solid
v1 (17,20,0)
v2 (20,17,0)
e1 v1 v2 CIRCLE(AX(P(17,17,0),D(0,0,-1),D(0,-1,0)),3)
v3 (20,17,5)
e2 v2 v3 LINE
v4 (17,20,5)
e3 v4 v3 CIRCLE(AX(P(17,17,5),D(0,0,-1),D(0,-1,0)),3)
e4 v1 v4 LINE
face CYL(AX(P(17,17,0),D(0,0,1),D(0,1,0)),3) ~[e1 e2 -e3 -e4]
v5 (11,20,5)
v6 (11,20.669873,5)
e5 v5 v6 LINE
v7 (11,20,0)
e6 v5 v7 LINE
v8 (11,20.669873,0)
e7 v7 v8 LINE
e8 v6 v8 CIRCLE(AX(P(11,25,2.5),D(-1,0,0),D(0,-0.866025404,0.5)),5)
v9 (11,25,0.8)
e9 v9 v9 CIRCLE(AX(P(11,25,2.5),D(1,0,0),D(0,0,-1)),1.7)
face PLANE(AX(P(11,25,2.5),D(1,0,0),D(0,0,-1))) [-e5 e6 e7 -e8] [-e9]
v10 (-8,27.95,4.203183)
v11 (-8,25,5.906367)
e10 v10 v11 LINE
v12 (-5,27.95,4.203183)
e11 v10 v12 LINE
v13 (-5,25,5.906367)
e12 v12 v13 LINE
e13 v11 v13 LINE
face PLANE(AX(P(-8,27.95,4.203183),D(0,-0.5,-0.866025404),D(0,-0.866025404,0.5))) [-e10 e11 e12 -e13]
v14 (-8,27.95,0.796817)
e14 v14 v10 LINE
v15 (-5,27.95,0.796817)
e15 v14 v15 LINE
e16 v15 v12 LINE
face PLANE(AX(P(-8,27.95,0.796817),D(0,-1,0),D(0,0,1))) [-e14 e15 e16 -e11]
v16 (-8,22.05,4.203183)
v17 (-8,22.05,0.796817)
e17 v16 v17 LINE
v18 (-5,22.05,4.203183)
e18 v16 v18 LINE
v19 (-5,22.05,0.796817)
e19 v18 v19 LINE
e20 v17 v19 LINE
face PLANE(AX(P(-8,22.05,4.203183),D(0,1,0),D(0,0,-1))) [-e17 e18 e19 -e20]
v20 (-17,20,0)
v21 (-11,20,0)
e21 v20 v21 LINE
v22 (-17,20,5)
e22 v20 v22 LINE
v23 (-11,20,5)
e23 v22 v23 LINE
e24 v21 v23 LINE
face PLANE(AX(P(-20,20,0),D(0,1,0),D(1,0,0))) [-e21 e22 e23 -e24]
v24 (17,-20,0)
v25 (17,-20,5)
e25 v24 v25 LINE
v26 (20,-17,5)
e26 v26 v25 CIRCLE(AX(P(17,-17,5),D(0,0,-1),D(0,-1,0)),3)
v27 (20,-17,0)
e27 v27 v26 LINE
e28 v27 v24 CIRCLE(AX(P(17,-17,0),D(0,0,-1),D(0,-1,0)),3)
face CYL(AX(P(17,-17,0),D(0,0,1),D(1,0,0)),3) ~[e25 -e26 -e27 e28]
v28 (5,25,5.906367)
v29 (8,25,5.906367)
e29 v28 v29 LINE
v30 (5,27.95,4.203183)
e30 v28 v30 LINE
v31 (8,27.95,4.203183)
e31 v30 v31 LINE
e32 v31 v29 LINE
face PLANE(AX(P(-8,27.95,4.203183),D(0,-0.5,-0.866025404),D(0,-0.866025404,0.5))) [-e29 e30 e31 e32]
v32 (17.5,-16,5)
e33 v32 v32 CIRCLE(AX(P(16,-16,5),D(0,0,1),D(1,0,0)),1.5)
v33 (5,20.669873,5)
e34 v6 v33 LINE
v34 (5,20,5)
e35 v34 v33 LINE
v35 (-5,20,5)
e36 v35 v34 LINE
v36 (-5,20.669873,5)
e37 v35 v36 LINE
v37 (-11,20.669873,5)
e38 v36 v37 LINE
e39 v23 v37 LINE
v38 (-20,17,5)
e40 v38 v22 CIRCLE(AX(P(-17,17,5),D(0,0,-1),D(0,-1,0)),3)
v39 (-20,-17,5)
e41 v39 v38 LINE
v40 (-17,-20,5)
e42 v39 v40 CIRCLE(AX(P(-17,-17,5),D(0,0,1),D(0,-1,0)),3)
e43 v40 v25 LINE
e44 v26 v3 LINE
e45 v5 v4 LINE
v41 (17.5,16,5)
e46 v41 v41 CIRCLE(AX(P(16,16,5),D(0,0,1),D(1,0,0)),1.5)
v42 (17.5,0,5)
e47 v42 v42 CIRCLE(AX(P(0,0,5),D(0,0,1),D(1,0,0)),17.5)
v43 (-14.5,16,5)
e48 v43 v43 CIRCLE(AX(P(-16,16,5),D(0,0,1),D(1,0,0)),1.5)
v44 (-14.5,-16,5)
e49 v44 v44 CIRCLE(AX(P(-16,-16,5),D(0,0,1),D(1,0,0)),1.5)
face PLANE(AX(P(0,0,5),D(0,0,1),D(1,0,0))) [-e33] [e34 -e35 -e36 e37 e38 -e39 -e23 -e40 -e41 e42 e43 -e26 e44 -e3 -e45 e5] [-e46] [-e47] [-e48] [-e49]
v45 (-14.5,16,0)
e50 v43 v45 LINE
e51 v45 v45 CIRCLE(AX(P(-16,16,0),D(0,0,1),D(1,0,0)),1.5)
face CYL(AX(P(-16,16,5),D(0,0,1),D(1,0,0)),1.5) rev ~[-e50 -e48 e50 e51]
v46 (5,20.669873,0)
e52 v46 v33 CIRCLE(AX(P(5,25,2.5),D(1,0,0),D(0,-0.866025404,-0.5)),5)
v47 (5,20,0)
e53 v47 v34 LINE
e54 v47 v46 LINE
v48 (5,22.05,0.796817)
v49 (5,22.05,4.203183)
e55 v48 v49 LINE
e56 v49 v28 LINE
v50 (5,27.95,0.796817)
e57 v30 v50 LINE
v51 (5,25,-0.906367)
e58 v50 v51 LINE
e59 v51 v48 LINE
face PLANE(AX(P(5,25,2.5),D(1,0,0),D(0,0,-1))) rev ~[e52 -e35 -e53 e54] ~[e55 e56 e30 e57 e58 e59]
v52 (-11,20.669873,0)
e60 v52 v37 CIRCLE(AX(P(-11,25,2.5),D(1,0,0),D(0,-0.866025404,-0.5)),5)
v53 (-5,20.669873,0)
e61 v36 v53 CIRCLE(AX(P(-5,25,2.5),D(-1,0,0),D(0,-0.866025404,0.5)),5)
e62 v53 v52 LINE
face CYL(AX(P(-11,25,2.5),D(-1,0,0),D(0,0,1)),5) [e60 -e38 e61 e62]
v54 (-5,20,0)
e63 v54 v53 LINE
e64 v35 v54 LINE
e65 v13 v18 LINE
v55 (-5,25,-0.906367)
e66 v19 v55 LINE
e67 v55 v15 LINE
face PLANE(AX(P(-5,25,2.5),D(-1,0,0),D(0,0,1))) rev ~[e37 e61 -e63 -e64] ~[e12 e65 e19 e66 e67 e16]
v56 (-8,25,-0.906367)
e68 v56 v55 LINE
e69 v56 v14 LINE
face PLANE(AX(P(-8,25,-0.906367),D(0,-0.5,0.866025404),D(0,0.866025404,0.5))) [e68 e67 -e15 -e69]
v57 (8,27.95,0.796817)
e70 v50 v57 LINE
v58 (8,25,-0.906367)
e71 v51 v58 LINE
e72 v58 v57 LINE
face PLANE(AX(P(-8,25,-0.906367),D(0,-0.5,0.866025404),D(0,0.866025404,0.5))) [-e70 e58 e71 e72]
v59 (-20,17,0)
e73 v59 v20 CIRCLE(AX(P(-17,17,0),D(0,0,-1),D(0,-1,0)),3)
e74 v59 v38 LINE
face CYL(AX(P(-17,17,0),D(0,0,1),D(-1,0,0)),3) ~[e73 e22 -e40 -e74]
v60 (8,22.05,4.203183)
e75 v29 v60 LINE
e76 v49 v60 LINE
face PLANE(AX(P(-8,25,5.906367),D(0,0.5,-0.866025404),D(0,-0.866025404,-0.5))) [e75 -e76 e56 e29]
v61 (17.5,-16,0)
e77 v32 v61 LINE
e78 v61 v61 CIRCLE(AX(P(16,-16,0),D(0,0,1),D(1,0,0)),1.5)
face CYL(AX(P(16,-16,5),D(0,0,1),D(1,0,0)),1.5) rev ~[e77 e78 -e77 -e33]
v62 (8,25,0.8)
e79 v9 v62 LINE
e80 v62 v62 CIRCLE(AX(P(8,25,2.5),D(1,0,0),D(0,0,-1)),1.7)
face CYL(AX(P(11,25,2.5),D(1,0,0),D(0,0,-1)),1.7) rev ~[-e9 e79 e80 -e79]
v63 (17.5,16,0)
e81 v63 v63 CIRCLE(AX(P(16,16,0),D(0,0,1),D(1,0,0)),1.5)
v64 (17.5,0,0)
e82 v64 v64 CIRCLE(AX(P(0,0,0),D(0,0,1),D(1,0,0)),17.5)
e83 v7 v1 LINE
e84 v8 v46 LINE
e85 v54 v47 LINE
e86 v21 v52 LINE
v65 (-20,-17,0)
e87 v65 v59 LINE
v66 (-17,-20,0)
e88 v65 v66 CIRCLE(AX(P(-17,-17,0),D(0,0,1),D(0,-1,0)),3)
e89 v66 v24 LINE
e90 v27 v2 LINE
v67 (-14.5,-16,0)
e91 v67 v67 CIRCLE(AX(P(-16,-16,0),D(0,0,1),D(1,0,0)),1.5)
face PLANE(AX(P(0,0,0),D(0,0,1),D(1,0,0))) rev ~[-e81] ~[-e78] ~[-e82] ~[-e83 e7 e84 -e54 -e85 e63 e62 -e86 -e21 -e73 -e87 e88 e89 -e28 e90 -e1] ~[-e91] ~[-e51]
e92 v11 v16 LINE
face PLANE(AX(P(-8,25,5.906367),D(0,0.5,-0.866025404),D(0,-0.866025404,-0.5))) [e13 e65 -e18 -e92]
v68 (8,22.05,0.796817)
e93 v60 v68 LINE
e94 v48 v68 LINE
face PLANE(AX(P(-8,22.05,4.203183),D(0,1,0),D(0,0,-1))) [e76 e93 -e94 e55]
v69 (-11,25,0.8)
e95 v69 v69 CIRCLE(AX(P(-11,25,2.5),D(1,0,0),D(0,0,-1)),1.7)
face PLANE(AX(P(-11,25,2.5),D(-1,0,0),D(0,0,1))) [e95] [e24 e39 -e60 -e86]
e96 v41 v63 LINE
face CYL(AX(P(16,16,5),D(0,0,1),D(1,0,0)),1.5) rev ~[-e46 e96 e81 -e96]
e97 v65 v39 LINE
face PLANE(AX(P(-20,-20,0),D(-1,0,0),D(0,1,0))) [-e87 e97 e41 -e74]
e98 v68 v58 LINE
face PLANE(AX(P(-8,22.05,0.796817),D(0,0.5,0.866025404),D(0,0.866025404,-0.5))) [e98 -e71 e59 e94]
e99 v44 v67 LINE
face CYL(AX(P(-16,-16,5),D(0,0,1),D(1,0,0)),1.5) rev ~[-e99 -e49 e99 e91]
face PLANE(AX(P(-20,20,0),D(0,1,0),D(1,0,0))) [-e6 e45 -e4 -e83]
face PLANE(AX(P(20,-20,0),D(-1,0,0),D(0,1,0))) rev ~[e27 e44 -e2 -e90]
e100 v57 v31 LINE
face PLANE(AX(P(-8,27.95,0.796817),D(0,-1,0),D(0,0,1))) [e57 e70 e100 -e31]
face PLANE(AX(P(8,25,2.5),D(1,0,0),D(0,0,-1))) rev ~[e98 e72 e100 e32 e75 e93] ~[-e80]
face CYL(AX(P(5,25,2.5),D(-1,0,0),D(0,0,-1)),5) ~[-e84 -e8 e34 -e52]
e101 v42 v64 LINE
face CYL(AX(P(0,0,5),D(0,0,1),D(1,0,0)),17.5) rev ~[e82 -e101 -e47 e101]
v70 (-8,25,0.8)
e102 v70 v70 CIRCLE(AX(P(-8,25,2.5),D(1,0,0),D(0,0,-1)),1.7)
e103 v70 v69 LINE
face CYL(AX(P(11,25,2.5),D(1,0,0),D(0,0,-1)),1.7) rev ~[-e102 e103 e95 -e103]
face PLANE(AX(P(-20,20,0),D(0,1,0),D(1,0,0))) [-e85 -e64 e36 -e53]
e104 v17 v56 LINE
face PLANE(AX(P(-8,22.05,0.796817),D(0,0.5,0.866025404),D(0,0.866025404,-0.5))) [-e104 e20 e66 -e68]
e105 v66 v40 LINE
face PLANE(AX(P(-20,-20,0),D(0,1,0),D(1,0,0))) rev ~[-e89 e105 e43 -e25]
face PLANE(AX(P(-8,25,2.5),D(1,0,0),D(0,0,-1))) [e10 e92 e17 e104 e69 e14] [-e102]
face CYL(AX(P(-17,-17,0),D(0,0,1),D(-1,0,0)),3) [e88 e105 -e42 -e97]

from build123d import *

# Parameters (mm, degrees)
SKETCH_1_W                = 40
SKETCH_1_H                = 40
EXTRUDE_1_DEPTH           = 5
SKETCH_2_R                = 1.5
SKETCH_2_R_2              = 16
CUT_EXTRUDE_1_DEPTH       = 29.722813233
SKETCH_3_W                = 6
SKETCH_3_H                = 5
EXTRUDE_2_DEPTH           = 10
SKETCH_4_R                = 3
EXTRUDE_3_DEPTH           = 6
EXTRUDE_START             = -6
SKETCH_5_R                = 3
EXTRUDE_4_DEPTH           = 6
CUT_EXTRUDE_2_DEPTH       = 44.488504228
SKETCH_7_R                = 1.5
CUT_EXTRUDE_3_DEPTH       = 43.133715716
SKETCH_9_R                = 4
EXTRUDE_5_DEPTH           = 6
SKETCH_10_R               = 4
EXTRUDE_6_DEPTH           = 6
SKETCH_11_R               = 1.5
CUT_EXTRUDE_4_DEPTH       = 43.944731924
CUT_EXTRUDE_5_DEPTH       = 13
CUT_EXTRUDE_5_DEPTH_BACK  = 3
FILLET_1_R                = 3
CUT_EXTRUDE_6_DEPTH       = 3
CUT_EXTRUDE_7_DEPTH       = 3
SKETCH_15_R               = 1.65
CUT_EXTRUDE_8_DEPTH       = 43.944731924
SKETCH_16_R               = 5
EXTRUDE_7_DEPTH           = 6
SKETCH_17_R               = 5
EXTRUDE_8_DEPTH           = 6
SKETCH_18_R               = 1.7
CUT_EXTRUDE_9_DEPTH       = 44.786413418
CUT_EXTRUDE_10_DEPTH      = 13
CUT_EXTRUDE_10_DEPTH_BACK = 3
SKETCH_20_R               = 17.5
CUT_EXTRUDE_11_DEPTH      = 37.827299657


with BuildPart() as part:
    # Эскиз1 → Бобышка-Вытянуть1 (new body)
    with BuildSketch(Plane.XY):
        Rectangle(SKETCH_1_W, SKETCH_1_H)
    extrude(amount=EXTRUDE_1_DEPTH)

    # Эскиз2 → Вырез-Вытянуть1 (cut, through all)
    with BuildSketch(Plane.XY.offset(5)):
        with Locations((-16, 16)):
            Circle(SKETCH_2_R)
        Circle(SKETCH_2_R_2)
        with Locations((16, 16)):
            Circle(SKETCH_2_R)
        with Locations((16, -16)):
            Circle(SKETCH_2_R)
        with Locations((-16, -16)):
            Circle(SKETCH_2_R)
    extrude(amount=-CUT_EXTRUDE_1_DEPTH, mode=Mode.SUBTRACT)

    # Эскиз3 → Бобышка-Вытянуть2 (add)
    with BuildSketch(Plane(origin=(0, 20, 0), x_dir=(1, 0, 0), z_dir=(0, 1, 0))):
        with Locations((-8, -2.5)):
            Rectangle(SKETCH_3_W, SKETCH_3_H)
        with Locations((8, -2.5)):
            Rectangle(SKETCH_3_W, SKETCH_3_H)
    extrude(amount=EXTRUDE_2_DEPTH)

    # Эскиз4 → Бобышка-Вытянуть3 (add)
    with BuildSketch(Plane.ZY.offset(11)):
        with Locations((2.5, 25)):
            Circle(SKETCH_4_R)
    extrude(amount=-EXTRUDE_3_DEPTH)

    # Эскиз5 → Бобышка-Вытянуть4 (add)
    with BuildSketch(Plane(origin=(11, 0, 0), x_dir=(0, 0, -1), z_dir=(1, 0, 0)).offset(EXTRUDE_START)):
        with Locations((-2.5, 25)):
            Circle(SKETCH_5_R)
    extrude(amount=EXTRUDE_4_DEPTH)

    # Эскиз6 → Вырез-Вытянуть2 (cut, through all)
    with BuildSketch(Plane(origin=(11, 0, 0), x_dir=(0, 0, -1), z_dir=(1, 0, 0))):
        with BuildLine():
            Line((0, 30), (-5, 30))
            Line((-5, 30), (-5, 26.658312395))
            ThreePointArc((-5, 26.658312395), (-2.5, 28), (0, 26.658312395))
            Line((0, 26.658312395), (0, 30))
        make_face()
    extrude(amount=-CUT_EXTRUDE_2_DEPTH, mode=Mode.SUBTRACT)

    # Эскиз7 → Вырез-Вытянуть3 (cut, through all)
    with BuildSketch(Plane.ZY.offset(11)):
        with Locations((2.5, 25)):
            Circle(SKETCH_7_R)
    extrude(amount=-CUT_EXTRUDE_3_DEPTH, mode=Mode.SUBTRACT)

    # Эскиз9 → Бобышка-Вытянуть5 (add)
    with BuildSketch(Plane.ZY.offset(11)):
        with Locations((2.5, 25)):
            Circle(SKETCH_9_R)
    extrude(amount=-EXTRUDE_5_DEPTH)

    # Эскиз10 → Бобышка-Вытянуть6 (add)
    with BuildSketch(Plane(origin=(11, 0, 0), x_dir=(0, 0, -1), z_dir=(1, 0, 0)).offset(EXTRUDE_START)):
        with Locations((-2.5, 25)):
            Circle(SKETCH_10_R)
    extrude(amount=EXTRUDE_6_DEPTH)

    # Эскиз11 → Вырез-Вытянуть4 (cut, through all)
    with BuildSketch(Plane(origin=(11, 0, 0), x_dir=(0, 0, -1), z_dir=(1, 0, 0))):
        with Locations((-2.5, 25)):
            Circle(SKETCH_11_R)
    extrude(amount=-CUT_EXTRUDE_4_DEPTH, mode=Mode.SUBTRACT)

    # Эскиз12 → Вырез-Вытянуть5 (cut, two sides: drawn at the far end of the back side and taken through both)
    with BuildSketch(Plane(origin=(-5, 0, 0), x_dir=(0, 0, -1), z_dir=(1, 0, 0)).offset(-CUT_EXTRUDE_5_DEPTH_BACK)):
        Polygon((-0.91228676, 22.25), (0.675426481, 25), (-0.91228676, 27.75), (-4.08771324, 27.75), (-5.675426481, 25), (-4.08771324, 22.25), align=None)
    extrude(amount=CUT_EXTRUDE_5_DEPTH + CUT_EXTRUDE_5_DEPTH_BACK, mode=Mode.SUBTRACT)

    # Скругление1
    fillet_1_edges = [part.edges().sort_by_distance(p)[0] for p in [
        (20, -20, 2.5),
        (-20, -20, 2.5),
        (-20, 20, 2.5),
        (20, 20, 2.5),
    ]]
    fillet(fillet_1_edges, radius=FILLET_1_R)

    # Эскиз13 → Вырез-Вытянуть6 (cut)
    with BuildSketch(Plane(origin=(-5, 0, 0), x_dir=(0, 0, -1), z_dir=(1, 0, 0))):
        Polygon((-4.174315781, 22.1), (-0.825684219, 22.1), (0.848631561, 25), (-0.825684219, 27.9), (-4.174315781, 27.9), (-5.848631561, 25), align=None)
    extrude(amount=-CUT_EXTRUDE_6_DEPTH, mode=Mode.SUBTRACT)

    # Эскиз14 → Вырез-Вытянуть7 (cut)
    with BuildSketch(Plane.ZY.offset(-5)):
        Polygon((4.174315781, 22.1), (5.848631561, 25), (4.174315781, 27.9), (0.825684219, 27.9), (-0.848631561, 25), (0.825684219, 22.1), align=None)
    extrude(amount=-CUT_EXTRUDE_7_DEPTH, mode=Mode.SUBTRACT)

    # Эскиз15 → Вырез-Вытянуть8 (cut, through all)
    with BuildSketch(Plane.ZY.offset(11)):
        with Locations(Location((2.5, 25, 0), (0, 0, 180))):
            Circle(SKETCH_15_R)
    extrude(amount=-CUT_EXTRUDE_8_DEPTH, mode=Mode.SUBTRACT)

    # Эскиз16 → Бобышка-Вытянуть7 (add)
    with BuildSketch(Plane.ZY.offset(11)):
        with Locations((2.5, 25)):
            Circle(SKETCH_16_R)
    extrude(amount=-EXTRUDE_7_DEPTH)

    # Эскиз17 → Бобышка-Вытянуть8 (add)
    with BuildSketch(Plane(origin=(11, 0, 0), x_dir=(0, 0, -1), z_dir=(1, 0, 0)).offset(EXTRUDE_START)):
        with Locations((-2.5, 25)):
            Circle(SKETCH_17_R)
    extrude(amount=EXTRUDE_8_DEPTH)

    # Эскиз18 → Вырез-Вытянуть9 (cut, through all)
    with BuildSketch(Plane(origin=(11, 0, 0), x_dir=(0, 0, -1), z_dir=(1, 0, 0))):
        with Locations((-2.5, 25)):
            Circle(SKETCH_18_R)
    extrude(amount=-CUT_EXTRUDE_9_DEPTH, mode=Mode.SUBTRACT)

    # Эскиз19 → Вырез-Вытянуть10 (cut, two sides: drawn at the far end of the back side and taken through both)
    with BuildSketch(Plane(origin=(-5, 0, 0), x_dir=(0, 0, -1), z_dir=(1, 0, 0)).offset(-CUT_EXTRUDE_10_DEPTH_BACK)):
        Polygon((-4.203183294, 22.05), (-0.796816706, 22.05), (0.906366588, 25), (-0.796816706, 27.95), (-4.203183294, 27.95), (-5.906366588, 25), align=None)
    extrude(amount=CUT_EXTRUDE_10_DEPTH + CUT_EXTRUDE_10_DEPTH_BACK, mode=Mode.SUBTRACT)

    # Эскиз20 → Вырез-Вытянуть11 (cut, through all)
    with BuildSketch(Plane.XY.offset(5)):
        Circle(SKETCH_20_R)
    extrude(amount=-CUT_EXTRUDE_11_DEPTH, mode=Mode.SUBTRACT)


solid = part.part
